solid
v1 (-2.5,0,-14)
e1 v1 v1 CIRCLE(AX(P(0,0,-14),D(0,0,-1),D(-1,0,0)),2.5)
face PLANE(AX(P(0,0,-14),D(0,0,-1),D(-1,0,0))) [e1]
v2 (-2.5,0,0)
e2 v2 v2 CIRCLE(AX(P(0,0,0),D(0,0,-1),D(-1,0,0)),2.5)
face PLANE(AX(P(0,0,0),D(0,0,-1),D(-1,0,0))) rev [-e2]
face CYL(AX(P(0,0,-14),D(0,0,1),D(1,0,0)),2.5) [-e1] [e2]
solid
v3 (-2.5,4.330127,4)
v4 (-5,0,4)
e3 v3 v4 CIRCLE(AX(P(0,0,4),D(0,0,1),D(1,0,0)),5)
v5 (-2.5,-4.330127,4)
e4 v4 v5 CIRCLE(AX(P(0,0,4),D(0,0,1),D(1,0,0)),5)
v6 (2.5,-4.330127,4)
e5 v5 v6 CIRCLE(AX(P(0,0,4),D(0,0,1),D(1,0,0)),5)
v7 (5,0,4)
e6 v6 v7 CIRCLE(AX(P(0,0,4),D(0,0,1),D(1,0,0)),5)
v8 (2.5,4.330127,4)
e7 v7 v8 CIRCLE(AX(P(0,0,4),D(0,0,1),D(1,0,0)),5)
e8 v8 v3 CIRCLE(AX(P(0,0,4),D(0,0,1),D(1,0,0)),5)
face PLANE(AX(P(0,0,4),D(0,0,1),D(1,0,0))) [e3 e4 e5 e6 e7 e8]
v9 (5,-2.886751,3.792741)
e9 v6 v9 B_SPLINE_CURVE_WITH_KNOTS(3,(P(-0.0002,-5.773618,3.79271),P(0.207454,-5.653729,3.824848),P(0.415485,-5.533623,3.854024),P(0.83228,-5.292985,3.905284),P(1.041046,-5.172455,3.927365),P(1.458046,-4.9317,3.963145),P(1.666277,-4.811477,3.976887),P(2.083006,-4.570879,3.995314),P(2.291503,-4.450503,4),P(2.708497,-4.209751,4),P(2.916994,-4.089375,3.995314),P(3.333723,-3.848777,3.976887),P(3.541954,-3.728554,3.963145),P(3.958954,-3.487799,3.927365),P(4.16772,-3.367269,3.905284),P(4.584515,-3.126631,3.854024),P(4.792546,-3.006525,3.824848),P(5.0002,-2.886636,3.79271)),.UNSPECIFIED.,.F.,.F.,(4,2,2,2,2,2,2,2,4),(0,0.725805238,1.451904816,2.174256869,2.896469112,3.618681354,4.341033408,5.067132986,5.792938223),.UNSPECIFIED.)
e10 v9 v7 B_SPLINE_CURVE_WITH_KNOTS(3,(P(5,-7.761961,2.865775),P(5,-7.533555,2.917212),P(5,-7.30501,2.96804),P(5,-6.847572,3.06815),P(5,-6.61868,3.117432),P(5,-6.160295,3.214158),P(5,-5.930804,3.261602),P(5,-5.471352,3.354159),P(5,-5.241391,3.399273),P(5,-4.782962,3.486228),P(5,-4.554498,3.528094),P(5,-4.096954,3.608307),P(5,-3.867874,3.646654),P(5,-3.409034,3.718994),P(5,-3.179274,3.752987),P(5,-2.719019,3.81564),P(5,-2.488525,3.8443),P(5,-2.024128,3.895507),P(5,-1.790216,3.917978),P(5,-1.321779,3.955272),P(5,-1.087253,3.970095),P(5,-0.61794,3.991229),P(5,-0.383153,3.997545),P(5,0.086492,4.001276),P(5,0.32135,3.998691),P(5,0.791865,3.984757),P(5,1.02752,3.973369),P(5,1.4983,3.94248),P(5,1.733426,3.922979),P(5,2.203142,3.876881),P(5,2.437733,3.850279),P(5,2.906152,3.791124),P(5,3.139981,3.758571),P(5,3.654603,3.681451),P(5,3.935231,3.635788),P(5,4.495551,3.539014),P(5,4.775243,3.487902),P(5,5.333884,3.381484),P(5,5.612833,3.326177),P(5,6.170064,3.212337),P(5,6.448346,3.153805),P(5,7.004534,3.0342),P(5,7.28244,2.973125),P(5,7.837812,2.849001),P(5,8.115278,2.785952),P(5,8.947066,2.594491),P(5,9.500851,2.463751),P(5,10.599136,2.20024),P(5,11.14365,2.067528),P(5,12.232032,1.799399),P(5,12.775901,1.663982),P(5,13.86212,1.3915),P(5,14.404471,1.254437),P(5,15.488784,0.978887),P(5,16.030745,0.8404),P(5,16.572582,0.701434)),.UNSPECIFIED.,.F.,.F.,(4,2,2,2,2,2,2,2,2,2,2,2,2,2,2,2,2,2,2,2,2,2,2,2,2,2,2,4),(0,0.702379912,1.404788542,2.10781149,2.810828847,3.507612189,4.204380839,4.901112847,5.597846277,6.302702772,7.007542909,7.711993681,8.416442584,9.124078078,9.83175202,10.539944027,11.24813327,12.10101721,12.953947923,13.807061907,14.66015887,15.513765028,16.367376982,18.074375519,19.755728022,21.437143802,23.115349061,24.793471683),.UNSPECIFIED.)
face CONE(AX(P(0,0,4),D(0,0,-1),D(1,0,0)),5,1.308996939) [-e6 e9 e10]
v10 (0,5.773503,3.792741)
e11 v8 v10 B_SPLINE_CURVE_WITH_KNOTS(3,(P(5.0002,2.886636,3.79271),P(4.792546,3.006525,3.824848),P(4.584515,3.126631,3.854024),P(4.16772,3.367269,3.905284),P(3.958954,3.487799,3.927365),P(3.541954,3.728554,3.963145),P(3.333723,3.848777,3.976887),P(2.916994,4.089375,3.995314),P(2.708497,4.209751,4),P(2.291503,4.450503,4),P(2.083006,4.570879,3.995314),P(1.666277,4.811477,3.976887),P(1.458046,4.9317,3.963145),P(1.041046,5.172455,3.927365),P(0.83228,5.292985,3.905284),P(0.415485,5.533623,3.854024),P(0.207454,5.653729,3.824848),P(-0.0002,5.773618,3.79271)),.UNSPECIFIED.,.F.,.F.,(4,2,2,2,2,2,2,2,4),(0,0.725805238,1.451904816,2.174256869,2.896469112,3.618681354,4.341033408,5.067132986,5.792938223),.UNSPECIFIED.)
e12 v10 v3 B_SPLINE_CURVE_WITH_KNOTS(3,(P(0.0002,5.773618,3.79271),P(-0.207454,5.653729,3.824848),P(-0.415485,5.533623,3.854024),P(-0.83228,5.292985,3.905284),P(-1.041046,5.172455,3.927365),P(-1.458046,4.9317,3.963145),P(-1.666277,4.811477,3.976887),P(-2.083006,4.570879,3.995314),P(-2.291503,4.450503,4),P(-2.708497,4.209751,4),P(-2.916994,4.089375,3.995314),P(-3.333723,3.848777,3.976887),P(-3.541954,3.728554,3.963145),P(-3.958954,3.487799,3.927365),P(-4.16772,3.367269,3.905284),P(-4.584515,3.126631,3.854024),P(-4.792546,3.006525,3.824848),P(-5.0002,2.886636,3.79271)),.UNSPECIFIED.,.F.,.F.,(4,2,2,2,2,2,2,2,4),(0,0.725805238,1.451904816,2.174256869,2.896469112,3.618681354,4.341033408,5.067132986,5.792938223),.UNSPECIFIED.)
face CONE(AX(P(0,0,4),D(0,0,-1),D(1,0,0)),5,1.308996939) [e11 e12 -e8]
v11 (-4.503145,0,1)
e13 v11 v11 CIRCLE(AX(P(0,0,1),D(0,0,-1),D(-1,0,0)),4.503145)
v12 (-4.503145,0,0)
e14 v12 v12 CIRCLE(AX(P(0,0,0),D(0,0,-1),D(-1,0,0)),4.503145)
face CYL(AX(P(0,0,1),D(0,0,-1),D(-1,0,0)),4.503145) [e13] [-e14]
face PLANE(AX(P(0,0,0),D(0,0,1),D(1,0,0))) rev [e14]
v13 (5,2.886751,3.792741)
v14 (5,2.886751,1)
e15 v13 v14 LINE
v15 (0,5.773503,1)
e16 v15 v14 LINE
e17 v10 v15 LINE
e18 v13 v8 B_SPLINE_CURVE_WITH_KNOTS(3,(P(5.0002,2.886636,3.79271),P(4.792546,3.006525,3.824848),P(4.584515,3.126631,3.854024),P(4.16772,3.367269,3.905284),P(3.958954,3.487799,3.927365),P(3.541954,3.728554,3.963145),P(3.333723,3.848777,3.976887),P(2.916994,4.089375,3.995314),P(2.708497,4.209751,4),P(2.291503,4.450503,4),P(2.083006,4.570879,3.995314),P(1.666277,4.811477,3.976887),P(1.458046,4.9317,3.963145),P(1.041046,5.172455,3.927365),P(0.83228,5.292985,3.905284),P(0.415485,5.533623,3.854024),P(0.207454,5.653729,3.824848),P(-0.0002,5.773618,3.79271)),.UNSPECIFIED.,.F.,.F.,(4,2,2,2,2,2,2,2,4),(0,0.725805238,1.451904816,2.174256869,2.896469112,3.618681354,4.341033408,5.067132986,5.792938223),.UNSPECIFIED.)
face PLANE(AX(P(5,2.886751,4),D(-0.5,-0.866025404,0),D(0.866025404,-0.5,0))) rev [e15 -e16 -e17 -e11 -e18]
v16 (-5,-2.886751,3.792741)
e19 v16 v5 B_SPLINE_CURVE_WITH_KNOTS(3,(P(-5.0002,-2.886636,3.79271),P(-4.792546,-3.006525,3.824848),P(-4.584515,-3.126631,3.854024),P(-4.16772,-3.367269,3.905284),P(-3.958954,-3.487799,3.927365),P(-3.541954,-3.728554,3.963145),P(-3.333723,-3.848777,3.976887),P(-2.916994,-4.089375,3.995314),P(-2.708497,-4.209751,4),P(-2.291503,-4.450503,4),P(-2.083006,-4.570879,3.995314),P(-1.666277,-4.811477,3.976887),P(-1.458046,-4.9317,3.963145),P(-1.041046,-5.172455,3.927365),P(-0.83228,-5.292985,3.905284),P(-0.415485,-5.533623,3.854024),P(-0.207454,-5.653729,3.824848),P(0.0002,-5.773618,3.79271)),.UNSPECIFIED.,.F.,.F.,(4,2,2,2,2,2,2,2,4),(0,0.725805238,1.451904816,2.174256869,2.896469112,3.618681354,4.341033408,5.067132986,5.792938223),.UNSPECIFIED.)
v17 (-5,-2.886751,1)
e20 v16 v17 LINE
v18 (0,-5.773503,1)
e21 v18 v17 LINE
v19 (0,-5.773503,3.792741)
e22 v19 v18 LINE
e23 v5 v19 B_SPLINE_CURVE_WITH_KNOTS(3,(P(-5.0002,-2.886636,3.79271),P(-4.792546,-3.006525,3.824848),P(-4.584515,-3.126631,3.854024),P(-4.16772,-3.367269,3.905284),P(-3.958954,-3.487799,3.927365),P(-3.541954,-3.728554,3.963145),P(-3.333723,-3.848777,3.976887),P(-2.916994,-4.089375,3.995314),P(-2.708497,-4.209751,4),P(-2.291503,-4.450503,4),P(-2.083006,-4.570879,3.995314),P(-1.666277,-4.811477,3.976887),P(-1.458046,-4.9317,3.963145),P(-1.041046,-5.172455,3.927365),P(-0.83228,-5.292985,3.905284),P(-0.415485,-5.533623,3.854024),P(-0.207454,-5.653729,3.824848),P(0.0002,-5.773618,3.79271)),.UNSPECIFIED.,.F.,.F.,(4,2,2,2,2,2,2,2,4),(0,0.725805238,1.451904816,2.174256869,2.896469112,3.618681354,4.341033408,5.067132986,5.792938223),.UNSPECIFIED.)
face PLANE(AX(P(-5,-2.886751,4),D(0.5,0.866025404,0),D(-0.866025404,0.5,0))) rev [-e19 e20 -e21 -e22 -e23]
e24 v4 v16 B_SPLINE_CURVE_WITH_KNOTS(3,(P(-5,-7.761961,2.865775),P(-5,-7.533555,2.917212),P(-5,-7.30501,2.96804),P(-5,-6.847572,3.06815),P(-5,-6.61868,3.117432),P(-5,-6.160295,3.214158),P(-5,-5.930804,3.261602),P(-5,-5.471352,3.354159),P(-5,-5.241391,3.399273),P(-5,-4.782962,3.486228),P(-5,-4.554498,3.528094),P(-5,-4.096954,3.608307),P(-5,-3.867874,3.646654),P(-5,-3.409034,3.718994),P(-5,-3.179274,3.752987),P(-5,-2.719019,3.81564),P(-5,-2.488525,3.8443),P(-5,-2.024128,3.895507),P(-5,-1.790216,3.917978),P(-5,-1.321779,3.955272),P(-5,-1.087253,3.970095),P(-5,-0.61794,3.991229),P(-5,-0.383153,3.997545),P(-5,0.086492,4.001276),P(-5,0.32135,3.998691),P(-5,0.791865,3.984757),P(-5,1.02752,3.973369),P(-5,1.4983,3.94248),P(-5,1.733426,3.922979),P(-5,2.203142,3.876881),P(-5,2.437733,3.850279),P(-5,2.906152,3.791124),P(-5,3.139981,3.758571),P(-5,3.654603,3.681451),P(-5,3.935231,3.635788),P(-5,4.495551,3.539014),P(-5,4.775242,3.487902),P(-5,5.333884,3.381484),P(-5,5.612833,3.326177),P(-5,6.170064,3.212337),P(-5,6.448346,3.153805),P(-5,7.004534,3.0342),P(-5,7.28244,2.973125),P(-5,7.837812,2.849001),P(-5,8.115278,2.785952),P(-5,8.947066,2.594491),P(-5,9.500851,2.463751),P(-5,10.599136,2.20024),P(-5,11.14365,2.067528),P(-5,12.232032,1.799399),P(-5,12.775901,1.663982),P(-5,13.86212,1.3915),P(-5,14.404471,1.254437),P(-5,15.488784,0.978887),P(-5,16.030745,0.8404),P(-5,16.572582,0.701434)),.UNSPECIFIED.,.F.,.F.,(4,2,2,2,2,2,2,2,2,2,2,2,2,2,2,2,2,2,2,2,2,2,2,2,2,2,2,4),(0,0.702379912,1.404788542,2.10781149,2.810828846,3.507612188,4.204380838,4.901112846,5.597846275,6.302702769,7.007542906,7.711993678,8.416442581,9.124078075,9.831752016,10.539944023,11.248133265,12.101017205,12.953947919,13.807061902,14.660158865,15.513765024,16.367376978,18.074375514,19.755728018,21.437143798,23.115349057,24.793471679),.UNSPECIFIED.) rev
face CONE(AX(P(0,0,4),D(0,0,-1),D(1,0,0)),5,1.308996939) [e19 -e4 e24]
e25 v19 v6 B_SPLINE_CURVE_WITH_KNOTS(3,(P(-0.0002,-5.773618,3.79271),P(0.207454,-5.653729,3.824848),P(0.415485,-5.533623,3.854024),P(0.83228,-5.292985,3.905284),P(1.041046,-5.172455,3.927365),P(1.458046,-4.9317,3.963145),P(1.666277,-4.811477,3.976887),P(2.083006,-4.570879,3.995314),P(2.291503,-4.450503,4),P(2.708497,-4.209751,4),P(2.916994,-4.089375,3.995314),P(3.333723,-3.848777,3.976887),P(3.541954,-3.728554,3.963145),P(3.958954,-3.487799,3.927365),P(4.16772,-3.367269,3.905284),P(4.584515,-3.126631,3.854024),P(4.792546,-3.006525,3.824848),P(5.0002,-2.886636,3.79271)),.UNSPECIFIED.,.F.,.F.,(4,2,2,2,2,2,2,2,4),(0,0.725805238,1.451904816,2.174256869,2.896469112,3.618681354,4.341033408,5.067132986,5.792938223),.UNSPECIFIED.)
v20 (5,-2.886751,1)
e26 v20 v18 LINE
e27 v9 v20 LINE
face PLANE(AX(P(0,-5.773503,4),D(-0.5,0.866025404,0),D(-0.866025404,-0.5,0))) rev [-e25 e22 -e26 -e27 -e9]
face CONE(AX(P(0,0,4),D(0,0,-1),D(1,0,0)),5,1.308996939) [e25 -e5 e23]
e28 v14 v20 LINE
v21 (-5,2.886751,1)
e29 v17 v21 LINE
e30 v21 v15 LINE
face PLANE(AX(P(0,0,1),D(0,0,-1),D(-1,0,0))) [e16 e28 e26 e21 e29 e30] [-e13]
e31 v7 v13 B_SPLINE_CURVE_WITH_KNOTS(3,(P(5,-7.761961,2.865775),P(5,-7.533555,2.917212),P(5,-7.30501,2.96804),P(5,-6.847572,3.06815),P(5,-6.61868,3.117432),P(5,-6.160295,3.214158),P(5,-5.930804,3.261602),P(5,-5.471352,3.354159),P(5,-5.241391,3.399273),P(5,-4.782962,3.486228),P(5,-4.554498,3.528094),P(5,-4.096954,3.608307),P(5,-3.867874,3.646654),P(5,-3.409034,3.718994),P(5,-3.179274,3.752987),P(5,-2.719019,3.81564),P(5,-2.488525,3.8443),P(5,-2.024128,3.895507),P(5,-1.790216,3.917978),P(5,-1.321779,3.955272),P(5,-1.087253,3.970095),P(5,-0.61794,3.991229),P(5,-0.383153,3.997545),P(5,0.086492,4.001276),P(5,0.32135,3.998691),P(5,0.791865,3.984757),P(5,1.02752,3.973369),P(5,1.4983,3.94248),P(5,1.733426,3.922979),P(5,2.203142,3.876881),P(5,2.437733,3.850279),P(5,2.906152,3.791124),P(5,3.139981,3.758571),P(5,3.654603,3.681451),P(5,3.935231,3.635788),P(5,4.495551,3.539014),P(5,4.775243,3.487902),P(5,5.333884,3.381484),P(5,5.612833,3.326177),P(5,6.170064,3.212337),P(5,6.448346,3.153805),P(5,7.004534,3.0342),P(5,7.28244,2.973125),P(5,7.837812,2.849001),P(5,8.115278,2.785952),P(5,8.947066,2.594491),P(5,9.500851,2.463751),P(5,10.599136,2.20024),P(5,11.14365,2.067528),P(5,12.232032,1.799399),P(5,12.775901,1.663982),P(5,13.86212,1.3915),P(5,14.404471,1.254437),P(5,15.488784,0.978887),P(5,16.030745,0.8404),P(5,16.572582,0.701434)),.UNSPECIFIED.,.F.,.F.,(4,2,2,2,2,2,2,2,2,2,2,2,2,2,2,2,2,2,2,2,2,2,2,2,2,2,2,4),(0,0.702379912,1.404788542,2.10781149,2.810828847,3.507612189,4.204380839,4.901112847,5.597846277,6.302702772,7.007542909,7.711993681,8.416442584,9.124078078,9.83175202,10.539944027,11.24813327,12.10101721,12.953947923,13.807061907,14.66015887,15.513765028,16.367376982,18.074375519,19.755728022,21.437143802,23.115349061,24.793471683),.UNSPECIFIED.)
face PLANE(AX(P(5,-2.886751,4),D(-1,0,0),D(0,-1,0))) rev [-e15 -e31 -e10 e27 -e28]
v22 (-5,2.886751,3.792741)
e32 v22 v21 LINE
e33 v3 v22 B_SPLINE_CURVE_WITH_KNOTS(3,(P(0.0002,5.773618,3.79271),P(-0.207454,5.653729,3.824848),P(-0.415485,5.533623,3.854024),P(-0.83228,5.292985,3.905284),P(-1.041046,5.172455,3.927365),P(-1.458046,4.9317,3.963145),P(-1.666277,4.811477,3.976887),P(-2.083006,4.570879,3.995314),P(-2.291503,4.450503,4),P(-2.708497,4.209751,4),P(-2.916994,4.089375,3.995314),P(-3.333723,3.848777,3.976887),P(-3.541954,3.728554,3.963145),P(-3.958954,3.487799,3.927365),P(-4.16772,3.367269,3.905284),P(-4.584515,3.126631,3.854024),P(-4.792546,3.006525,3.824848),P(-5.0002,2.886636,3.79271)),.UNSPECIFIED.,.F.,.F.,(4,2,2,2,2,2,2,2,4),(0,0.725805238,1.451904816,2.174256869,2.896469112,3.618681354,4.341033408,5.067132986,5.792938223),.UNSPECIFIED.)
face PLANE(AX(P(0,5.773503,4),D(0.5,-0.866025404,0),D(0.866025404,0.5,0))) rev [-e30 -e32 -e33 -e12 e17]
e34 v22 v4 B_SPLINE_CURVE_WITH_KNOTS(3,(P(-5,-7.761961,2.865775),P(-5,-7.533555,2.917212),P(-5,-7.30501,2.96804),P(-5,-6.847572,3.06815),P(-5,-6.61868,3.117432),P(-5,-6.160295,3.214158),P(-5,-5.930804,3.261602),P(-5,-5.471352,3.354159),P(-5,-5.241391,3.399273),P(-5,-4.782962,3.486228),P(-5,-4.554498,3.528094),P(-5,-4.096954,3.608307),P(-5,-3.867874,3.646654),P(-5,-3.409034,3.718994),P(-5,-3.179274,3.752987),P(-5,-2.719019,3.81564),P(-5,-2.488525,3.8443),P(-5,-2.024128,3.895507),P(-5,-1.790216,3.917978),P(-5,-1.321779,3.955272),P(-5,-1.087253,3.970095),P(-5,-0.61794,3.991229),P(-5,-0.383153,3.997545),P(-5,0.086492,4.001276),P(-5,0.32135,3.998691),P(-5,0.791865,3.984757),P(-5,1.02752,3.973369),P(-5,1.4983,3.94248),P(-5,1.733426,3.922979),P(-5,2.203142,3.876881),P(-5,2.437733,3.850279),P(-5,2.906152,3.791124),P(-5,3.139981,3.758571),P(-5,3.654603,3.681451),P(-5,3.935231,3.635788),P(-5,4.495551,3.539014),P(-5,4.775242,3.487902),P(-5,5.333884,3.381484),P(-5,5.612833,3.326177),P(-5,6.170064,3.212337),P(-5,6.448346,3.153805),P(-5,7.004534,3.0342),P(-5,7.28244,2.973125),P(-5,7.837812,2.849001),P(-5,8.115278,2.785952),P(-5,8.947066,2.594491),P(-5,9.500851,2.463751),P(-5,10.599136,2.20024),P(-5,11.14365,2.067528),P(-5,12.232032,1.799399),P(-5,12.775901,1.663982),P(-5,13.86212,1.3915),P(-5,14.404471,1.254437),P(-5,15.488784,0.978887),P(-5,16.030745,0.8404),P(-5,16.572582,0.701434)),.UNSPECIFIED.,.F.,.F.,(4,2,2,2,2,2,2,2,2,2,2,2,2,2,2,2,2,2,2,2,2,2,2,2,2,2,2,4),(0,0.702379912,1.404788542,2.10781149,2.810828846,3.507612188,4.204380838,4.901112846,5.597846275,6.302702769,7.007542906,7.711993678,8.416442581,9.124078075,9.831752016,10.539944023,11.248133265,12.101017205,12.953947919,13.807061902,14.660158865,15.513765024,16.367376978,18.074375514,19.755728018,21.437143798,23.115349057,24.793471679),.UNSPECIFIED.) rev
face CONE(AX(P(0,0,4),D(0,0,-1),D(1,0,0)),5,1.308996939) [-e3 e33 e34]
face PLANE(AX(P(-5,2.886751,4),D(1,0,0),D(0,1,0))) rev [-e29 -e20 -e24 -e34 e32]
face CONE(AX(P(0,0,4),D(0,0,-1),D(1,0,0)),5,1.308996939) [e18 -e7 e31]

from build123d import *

# Parameters (mm, degrees)
RESSALTO_EXTRUS_O3_DEPTH = 4
ESBO_O5_OUTSIDE_W        = 112.192
ESBO_O5_OUTSIDE_H        = 113.74
ESBO_O5_OUTSIDE_R        = 5.562980719
CORTE_EXTRUS_O4_DEPTH    = 13
CORTE_EXTRUS_O4_DRAFT    = -75
ESBO_O6_OUTSIDE_W        = 112.192
ESBO_O6_OUTSIDE_H        = 113.74
ESBO_O6_OUTSIDE_R        = 5.467270474
CORTE_EXTRUS_O5_DEPTH    = 13
CORTE_EXTRUS_O5_DRAFT    = -75
ESBO_O7_R                = 2.5
RESSALTO_EXTRUS_O4_DEPTH = 14
ESBO_O8_OUTSIDE_W        = 128.684
ESBO_O8_OUTSIDE_H        = 130.232
ESBO_O8_OUTSIDE_R        = 5
CORTE_EXTRUS_O6_DEPTH    = 15
CORTE_EXTRUS_O6_DRAFT    = -75
ESBO_O9_OUTSIDE_W        = 16.722
ESBO_O9_OUTSIDE_H        = 18.27
ESBO_O9_OUTSIDE_R        = 4.503145179
CORTE_EXTRUS_O7_DEPTH    = 1


with BuildPart() as part:
    # Esboço1 → Ressalto-extrusão3 (new body)
    with BuildSketch(Plane.XY):
        Polygon((0, 5.773502692), (-5, 2.886751346), (-5, -2.886751346), (0, -5.773502692), (5, -2.886751346), (5, 2.886751346), align=None)
    extrude(amount=RESSALTO_EXTRUS_O3_DEPTH)


with BuildPart() as corte_extrus_o4_tool:
    # Esboço5 outside → Corte-extrusão4 (with draft: the straight prism first)
    with BuildSketch(Plane.XY.offset(4)):
        Rectangle(ESBO_O5_OUTSIDE_W, ESBO_O5_OUTSIDE_H)
        with Locations((-0.125961439, 0)):
            Circle(ESBO_O5_OUTSIDE_R, mode=Mode.SUBTRACT)
    extrude(amount=-CORTE_EXTRUS_O4_DEPTH)
    # Corte-extrusão4: the draft: its side faces are tilted about the plane it starts from
    corte_extrus_o4_sides = [corte_extrus_o4_tool.faces().sort_by_distance(p)[0] for p in [
        (0, -56.87, -2.5),
        (56.096, 0, -2.5),
        (0, 56.87, -2.5),
        (-56.096, 0, -2.5),
        (-5.688942158, 0, -2.5),
    ]]
    draft(corte_extrus_o4_sides, Plane.XY.offset(4), CORTE_EXTRUS_O4_DRAFT)


with BuildPart() as part_1:
    add(part.part)

    # Corte-extrusão4: cut by corte_extrus_o4_tool
    add(corte_extrus_o4_tool.part, mode=Mode.SUBTRACT)


with BuildPart() as corte_extrus_o5_tool:
    # Esboço6 outside → Corte-extrusão5 (with draft: the straight prism first)
    with BuildSketch(Plane(origin=(0, 0, 0), x_dir=(-1, 0, 0), z_dir=(0, 0, -1))):
        Rectangle(ESBO_O6_OUTSIDE_W, ESBO_O6_OUTSIDE_H)
        Circle(ESBO_O6_OUTSIDE_R, mode=Mode.SUBTRACT)
    extrude(amount=-CORTE_EXTRUS_O5_DEPTH)
    # Corte-extrusão5: the draft: its side faces are tilted about the plane it starts from
    corte_extrus_o5_sides = [corte_extrus_o5_tool.faces().sort_by_distance(p)[0] for p in [
        (0, -56.87, 6.5),
        (-56.096, 0, 6.5),
        (0, 56.87, 6.5),
        (56.096, 0, 6.5),
        (5.467270474, 0, 6.5),
    ]]
    draft(corte_extrus_o5_sides, Plane(origin=(0, 0, 0), x_dir=(-1, 0, 0), z_dir=(0, 0, -1)), CORTE_EXTRUS_O5_DRAFT)


with BuildPart() as part_2:
    add(part_1.part)

    # Corte-extrusão5: cut by corte_extrus_o5_tool
    add(corte_extrus_o5_tool.part, mode=Mode.SUBTRACT)


with BuildPart() as body_2:
    # Esboço7 → Ressalto-extrusão4 (new body)
    with BuildSketch(Plane(origin=(0, 0, 0), x_dir=(-1, 0, 0), z_dir=(0, 0, -1))):
        Circle(ESBO_O7_R)
    extrude(amount=RESSALTO_EXTRUS_O4_DEPTH)


with BuildPart() as corte_extrus_o6_tool:
    # Esboço8 outside → Corte-extrusão6 (with draft: the straight prism first)
    with BuildSketch(Plane.XY.offset(4)):
        Rectangle(ESBO_O8_OUTSIDE_W, ESBO_O8_OUTSIDE_H)
        Circle(ESBO_O8_OUTSIDE_R, mode=Mode.SUBTRACT)
    extrude(amount=-CORTE_EXTRUS_O6_DEPTH)
    # Corte-extrusão6: the draft: its side faces are tilted about the plane it starts from
    corte_extrus_o6_sides = [corte_extrus_o6_tool.faces().sort_by_distance(p)[0] for p in [
        (0, -65.116, -3.5),
        (64.342, 0, -3.5),
        (0, 65.116, -3.5),
        (-64.342, 0, -3.5),
        (-5, 0, -3.5),
    ]]
    draft(corte_extrus_o6_sides, Plane.XY.offset(4), CORTE_EXTRUS_O6_DRAFT)


with BuildPart() as part_3:
    add(part_2.part)

    # Corte-extrusão6: cut by corte_extrus_o6_tool
    add(corte_extrus_o6_tool.part, mode=Mode.SUBTRACT)

    # Esboço9 outside → Corte-extrusão7 (cut)
    with BuildSketch(Plane(origin=(0, 0, 0), x_dir=(-1, 0, 0), z_dir=(0, 0, -1))):
        Rectangle(ESBO_O9_OUTSIDE_W, ESBO_O9_OUTSIDE_H)
        Circle(ESBO_O9_OUTSIDE_R, mode=Mode.SUBTRACT)
    extrude(amount=-CORTE_EXTRUS_O7_DEPTH, mode=Mode.SUBTRACT)


solid = Compound([body_2.part, part_3.part])
